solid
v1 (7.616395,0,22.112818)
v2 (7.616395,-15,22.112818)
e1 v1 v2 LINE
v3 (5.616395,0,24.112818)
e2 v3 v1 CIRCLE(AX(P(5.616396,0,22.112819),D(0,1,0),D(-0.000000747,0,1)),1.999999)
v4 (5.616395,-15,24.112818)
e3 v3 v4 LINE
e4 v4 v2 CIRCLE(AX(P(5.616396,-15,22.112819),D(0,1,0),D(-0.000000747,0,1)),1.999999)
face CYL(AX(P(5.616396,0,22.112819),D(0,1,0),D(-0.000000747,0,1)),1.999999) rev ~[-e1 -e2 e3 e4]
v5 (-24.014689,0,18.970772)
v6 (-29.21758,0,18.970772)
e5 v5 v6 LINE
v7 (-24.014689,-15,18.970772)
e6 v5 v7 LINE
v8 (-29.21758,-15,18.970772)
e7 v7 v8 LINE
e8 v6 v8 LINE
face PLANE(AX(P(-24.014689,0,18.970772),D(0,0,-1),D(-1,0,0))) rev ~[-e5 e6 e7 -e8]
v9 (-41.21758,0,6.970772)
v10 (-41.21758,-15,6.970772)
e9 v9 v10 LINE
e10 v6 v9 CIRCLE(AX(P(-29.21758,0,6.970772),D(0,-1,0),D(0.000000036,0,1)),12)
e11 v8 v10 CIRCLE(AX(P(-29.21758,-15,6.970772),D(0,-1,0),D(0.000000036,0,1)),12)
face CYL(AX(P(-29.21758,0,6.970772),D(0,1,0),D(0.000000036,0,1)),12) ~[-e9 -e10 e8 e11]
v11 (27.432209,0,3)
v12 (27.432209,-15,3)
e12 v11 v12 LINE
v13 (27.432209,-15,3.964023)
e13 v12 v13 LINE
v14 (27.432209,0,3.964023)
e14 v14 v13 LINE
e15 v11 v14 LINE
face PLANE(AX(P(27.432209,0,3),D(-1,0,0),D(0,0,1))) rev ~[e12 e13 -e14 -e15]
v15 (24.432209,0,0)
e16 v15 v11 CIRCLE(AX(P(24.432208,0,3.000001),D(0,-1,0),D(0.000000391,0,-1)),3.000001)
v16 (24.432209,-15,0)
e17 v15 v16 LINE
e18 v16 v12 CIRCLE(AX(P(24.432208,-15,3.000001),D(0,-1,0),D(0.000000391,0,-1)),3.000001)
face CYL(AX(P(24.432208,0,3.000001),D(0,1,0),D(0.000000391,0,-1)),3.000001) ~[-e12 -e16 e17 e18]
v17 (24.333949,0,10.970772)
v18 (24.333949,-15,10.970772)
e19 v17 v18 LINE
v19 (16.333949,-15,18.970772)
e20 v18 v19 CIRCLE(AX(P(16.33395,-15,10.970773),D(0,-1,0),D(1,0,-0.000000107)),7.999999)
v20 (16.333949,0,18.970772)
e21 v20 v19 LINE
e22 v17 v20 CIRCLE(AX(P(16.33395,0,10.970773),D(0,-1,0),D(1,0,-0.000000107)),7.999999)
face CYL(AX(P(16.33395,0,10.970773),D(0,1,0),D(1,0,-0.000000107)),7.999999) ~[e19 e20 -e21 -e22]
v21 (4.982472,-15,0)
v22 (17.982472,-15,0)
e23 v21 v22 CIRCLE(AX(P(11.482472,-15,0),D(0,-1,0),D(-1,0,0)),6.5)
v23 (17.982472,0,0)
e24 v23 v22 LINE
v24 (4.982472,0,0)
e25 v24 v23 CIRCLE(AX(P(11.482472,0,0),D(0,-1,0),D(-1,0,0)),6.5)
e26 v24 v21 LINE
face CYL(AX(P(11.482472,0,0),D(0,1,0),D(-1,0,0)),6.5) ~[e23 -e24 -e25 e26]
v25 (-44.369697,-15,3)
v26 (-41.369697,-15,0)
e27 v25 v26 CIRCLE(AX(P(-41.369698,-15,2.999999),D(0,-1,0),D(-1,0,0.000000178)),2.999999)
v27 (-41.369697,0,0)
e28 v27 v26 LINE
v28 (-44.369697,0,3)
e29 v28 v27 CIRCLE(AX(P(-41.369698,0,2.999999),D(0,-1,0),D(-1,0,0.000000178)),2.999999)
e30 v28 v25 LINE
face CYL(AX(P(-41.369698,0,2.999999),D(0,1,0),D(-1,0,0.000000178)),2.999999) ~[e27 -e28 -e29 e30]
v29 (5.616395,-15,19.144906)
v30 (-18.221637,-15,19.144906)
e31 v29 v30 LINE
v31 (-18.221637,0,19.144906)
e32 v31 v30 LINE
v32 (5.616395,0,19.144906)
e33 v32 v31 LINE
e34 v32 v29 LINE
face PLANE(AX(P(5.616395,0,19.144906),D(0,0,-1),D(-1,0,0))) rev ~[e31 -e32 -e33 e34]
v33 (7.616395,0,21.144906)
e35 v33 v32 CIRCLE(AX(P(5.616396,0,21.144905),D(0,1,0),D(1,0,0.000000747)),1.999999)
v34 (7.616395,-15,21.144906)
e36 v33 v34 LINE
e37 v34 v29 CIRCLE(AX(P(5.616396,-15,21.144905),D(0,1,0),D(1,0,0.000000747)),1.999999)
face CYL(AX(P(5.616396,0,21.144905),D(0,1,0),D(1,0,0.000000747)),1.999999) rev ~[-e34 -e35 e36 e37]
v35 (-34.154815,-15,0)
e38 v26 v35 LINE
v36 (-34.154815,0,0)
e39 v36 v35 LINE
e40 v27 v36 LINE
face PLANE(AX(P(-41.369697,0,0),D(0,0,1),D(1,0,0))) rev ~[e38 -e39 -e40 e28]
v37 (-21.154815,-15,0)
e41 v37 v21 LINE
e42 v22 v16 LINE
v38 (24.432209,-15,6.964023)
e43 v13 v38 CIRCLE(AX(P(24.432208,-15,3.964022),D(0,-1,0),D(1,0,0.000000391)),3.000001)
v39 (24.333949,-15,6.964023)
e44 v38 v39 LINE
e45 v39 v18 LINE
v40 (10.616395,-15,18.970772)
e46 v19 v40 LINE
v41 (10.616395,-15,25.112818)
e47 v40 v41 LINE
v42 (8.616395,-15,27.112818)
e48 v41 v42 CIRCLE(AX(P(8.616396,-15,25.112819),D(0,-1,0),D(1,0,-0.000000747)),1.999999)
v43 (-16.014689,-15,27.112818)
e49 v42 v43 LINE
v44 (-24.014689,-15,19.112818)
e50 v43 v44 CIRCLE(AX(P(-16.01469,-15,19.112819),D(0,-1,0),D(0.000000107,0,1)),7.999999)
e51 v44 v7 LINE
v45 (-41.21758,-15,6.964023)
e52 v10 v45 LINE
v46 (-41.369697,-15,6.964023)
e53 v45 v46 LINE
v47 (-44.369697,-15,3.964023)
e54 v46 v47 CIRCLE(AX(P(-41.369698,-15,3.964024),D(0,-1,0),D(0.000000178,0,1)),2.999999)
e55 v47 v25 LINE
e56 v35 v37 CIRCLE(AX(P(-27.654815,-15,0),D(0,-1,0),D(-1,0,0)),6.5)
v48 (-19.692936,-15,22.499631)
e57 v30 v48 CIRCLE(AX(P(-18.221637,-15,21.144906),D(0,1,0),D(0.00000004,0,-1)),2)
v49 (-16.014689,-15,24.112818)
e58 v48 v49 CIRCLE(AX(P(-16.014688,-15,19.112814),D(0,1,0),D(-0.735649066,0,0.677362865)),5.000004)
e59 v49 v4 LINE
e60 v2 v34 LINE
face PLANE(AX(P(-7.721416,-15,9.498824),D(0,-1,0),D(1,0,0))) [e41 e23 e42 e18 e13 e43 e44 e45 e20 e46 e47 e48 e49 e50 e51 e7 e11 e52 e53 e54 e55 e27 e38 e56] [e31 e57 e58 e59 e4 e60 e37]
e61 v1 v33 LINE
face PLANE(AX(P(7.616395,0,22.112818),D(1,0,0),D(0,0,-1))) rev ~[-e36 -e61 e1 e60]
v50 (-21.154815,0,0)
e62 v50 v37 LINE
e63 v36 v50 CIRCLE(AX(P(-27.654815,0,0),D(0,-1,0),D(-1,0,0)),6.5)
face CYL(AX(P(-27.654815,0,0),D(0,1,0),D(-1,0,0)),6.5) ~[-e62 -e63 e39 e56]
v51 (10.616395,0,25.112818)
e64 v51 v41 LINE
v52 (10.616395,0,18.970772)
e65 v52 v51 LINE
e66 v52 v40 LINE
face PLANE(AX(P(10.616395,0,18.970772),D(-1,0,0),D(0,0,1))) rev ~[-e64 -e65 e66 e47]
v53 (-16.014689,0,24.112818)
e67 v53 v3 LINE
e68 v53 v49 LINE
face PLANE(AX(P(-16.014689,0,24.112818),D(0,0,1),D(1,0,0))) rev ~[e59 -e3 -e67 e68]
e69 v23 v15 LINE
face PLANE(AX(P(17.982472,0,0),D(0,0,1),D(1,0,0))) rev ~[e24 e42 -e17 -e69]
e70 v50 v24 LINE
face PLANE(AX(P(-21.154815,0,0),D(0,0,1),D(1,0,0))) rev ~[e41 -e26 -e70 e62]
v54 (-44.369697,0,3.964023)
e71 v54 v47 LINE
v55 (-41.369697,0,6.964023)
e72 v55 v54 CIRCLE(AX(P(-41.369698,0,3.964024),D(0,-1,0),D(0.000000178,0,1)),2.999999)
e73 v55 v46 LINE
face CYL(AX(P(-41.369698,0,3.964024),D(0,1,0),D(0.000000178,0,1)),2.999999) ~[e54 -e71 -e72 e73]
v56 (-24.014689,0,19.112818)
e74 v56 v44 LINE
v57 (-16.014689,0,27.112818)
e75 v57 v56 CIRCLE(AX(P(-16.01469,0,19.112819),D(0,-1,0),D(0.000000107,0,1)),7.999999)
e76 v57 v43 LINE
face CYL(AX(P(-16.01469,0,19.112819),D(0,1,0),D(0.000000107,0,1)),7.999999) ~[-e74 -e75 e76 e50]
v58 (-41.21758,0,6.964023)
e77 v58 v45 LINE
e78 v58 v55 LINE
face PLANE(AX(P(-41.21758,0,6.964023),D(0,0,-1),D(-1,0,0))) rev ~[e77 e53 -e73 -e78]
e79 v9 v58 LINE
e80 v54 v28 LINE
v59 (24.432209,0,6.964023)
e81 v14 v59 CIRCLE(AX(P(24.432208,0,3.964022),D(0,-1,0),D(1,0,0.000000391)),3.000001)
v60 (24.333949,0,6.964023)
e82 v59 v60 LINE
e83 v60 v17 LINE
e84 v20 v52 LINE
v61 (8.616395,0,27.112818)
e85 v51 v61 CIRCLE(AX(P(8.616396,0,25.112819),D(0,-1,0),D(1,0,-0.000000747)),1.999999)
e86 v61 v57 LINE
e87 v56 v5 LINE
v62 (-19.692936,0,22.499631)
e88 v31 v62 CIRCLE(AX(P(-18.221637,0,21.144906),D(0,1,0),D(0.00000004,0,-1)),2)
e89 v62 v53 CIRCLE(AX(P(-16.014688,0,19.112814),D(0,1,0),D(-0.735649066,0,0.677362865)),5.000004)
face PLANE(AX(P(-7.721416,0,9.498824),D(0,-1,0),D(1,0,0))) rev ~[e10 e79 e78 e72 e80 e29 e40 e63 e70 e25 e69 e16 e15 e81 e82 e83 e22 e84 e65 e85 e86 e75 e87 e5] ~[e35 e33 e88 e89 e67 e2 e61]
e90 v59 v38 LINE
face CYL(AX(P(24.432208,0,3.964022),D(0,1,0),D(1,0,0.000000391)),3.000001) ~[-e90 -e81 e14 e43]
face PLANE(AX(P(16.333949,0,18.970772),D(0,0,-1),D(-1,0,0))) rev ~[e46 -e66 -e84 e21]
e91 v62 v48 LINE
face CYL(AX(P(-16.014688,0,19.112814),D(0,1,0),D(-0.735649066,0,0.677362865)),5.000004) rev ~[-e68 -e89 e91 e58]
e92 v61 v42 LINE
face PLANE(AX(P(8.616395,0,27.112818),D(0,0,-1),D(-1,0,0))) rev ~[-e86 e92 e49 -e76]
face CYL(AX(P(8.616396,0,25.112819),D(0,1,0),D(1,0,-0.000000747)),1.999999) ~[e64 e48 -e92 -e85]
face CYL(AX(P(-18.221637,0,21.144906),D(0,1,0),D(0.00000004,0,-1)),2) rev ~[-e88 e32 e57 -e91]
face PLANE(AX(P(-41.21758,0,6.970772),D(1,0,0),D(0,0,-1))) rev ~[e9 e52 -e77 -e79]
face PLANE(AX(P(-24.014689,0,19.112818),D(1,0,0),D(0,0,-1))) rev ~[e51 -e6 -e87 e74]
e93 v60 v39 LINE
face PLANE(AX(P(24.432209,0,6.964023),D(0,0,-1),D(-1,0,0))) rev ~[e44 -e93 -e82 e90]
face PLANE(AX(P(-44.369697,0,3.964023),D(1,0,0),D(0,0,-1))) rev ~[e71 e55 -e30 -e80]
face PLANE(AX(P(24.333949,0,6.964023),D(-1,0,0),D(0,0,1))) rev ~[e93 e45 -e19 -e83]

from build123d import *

# Parameters (mm, degrees)
F1_DEPTH = 15


with BuildPart() as f1:
    # F0 (on Front) → F1 (new body)
    with BuildSketch(Plane.XZ):
        with BuildLine():
            ThreePointArc((-44.369697, 3), (-43.491018, 0.87868), (-41.369697, 0))
            Line((-41.369697, 0), (-34.154815, 0))
            ThreePointArc((-34.154815, 0), (-27.654815, -6.5), (-21.154815, 0))
            Line((-21.154815, 0), (4.982472, 0))
            ThreePointArc((4.982472, 0), (11.482472, -6.5), (17.982472, 0))
            Line((17.982472, 0), (24.432209, 0))
            ThreePointArc((24.432209, 0), (26.553529, 0.87868), (27.432209, 3))
            Line((27.432209, 3), (27.432209, 3.964023))
            ThreePointArc((27.432209, 3.964023), (26.553529, 6.085343), (24.432209, 6.964023))
            Line((24.432209, 6.964023), (24.333949, 6.964023))
            Line((24.333949, 6.964023), (24.333949, 10.970772))
            ThreePointArc((24.333949, 10.970772), (21.990804, 16.627626), (16.333949, 18.970772))
            Line((16.333949, 18.970772), (10.616395, 18.970772))
            Line((10.616395, 18.970772), (10.616395, 25.112818))
            ThreePointArc((10.616395, 25.112818), (10.030609, 26.527032), (8.616395, 27.112818))
            Line((8.616395, 27.112818), (-16.014689, 27.112818))
            ThreePointArc((-16.014689, 27.112818), (-21.671543, 24.769673), (-24.014689, 19.112818))
            Line((-24.014689, 19.112818), (-24.014689, 18.970772))
            Line((-24.014689, 18.970772), (-29.21758, 18.970772))
            ThreePointArc((-29.21758, 18.970772), (-37.702862, 15.456053), (-41.21758, 6.970772))
            Line((-41.21758, 6.970772), (-41.21758, 6.964023))
            Line((-41.21758, 6.964023), (-41.369697, 6.964023))
            ThreePointArc((-41.369697, 6.964023), (-43.491018, 6.085343), (-44.369697, 3.964023))
            Line((-44.369697, 3.964023), (-44.369697, 3))
        make_face()
        with BuildLine():
            ThreePointArc((-19.692936, 22.499631), (-18.022914, 23.691795), (-16.014689, 24.112818))
            Line((-16.014689, 24.112818), (5.616395, 24.112818))
            ThreePointArc((5.616395, 24.112818), (7.030609, 23.527032), (7.616395, 22.112818))
            Line((7.616395, 22.112818), (7.616395, 21.144906))
            ThreePointArc((7.616395, 21.144906), (7.030609, 19.730692), (5.616395, 19.144906))
            Line((5.616395, 19.144906), (-18.221637, 19.144906))
            ThreePointArc((-18.221637, 19.144906), (-20.053228, 20.341616), (-19.692936, 22.499631))
        make_face(mode=Mode.SUBTRACT)
    extrude(amount=F1_DEPTH)


solid = f1.part
